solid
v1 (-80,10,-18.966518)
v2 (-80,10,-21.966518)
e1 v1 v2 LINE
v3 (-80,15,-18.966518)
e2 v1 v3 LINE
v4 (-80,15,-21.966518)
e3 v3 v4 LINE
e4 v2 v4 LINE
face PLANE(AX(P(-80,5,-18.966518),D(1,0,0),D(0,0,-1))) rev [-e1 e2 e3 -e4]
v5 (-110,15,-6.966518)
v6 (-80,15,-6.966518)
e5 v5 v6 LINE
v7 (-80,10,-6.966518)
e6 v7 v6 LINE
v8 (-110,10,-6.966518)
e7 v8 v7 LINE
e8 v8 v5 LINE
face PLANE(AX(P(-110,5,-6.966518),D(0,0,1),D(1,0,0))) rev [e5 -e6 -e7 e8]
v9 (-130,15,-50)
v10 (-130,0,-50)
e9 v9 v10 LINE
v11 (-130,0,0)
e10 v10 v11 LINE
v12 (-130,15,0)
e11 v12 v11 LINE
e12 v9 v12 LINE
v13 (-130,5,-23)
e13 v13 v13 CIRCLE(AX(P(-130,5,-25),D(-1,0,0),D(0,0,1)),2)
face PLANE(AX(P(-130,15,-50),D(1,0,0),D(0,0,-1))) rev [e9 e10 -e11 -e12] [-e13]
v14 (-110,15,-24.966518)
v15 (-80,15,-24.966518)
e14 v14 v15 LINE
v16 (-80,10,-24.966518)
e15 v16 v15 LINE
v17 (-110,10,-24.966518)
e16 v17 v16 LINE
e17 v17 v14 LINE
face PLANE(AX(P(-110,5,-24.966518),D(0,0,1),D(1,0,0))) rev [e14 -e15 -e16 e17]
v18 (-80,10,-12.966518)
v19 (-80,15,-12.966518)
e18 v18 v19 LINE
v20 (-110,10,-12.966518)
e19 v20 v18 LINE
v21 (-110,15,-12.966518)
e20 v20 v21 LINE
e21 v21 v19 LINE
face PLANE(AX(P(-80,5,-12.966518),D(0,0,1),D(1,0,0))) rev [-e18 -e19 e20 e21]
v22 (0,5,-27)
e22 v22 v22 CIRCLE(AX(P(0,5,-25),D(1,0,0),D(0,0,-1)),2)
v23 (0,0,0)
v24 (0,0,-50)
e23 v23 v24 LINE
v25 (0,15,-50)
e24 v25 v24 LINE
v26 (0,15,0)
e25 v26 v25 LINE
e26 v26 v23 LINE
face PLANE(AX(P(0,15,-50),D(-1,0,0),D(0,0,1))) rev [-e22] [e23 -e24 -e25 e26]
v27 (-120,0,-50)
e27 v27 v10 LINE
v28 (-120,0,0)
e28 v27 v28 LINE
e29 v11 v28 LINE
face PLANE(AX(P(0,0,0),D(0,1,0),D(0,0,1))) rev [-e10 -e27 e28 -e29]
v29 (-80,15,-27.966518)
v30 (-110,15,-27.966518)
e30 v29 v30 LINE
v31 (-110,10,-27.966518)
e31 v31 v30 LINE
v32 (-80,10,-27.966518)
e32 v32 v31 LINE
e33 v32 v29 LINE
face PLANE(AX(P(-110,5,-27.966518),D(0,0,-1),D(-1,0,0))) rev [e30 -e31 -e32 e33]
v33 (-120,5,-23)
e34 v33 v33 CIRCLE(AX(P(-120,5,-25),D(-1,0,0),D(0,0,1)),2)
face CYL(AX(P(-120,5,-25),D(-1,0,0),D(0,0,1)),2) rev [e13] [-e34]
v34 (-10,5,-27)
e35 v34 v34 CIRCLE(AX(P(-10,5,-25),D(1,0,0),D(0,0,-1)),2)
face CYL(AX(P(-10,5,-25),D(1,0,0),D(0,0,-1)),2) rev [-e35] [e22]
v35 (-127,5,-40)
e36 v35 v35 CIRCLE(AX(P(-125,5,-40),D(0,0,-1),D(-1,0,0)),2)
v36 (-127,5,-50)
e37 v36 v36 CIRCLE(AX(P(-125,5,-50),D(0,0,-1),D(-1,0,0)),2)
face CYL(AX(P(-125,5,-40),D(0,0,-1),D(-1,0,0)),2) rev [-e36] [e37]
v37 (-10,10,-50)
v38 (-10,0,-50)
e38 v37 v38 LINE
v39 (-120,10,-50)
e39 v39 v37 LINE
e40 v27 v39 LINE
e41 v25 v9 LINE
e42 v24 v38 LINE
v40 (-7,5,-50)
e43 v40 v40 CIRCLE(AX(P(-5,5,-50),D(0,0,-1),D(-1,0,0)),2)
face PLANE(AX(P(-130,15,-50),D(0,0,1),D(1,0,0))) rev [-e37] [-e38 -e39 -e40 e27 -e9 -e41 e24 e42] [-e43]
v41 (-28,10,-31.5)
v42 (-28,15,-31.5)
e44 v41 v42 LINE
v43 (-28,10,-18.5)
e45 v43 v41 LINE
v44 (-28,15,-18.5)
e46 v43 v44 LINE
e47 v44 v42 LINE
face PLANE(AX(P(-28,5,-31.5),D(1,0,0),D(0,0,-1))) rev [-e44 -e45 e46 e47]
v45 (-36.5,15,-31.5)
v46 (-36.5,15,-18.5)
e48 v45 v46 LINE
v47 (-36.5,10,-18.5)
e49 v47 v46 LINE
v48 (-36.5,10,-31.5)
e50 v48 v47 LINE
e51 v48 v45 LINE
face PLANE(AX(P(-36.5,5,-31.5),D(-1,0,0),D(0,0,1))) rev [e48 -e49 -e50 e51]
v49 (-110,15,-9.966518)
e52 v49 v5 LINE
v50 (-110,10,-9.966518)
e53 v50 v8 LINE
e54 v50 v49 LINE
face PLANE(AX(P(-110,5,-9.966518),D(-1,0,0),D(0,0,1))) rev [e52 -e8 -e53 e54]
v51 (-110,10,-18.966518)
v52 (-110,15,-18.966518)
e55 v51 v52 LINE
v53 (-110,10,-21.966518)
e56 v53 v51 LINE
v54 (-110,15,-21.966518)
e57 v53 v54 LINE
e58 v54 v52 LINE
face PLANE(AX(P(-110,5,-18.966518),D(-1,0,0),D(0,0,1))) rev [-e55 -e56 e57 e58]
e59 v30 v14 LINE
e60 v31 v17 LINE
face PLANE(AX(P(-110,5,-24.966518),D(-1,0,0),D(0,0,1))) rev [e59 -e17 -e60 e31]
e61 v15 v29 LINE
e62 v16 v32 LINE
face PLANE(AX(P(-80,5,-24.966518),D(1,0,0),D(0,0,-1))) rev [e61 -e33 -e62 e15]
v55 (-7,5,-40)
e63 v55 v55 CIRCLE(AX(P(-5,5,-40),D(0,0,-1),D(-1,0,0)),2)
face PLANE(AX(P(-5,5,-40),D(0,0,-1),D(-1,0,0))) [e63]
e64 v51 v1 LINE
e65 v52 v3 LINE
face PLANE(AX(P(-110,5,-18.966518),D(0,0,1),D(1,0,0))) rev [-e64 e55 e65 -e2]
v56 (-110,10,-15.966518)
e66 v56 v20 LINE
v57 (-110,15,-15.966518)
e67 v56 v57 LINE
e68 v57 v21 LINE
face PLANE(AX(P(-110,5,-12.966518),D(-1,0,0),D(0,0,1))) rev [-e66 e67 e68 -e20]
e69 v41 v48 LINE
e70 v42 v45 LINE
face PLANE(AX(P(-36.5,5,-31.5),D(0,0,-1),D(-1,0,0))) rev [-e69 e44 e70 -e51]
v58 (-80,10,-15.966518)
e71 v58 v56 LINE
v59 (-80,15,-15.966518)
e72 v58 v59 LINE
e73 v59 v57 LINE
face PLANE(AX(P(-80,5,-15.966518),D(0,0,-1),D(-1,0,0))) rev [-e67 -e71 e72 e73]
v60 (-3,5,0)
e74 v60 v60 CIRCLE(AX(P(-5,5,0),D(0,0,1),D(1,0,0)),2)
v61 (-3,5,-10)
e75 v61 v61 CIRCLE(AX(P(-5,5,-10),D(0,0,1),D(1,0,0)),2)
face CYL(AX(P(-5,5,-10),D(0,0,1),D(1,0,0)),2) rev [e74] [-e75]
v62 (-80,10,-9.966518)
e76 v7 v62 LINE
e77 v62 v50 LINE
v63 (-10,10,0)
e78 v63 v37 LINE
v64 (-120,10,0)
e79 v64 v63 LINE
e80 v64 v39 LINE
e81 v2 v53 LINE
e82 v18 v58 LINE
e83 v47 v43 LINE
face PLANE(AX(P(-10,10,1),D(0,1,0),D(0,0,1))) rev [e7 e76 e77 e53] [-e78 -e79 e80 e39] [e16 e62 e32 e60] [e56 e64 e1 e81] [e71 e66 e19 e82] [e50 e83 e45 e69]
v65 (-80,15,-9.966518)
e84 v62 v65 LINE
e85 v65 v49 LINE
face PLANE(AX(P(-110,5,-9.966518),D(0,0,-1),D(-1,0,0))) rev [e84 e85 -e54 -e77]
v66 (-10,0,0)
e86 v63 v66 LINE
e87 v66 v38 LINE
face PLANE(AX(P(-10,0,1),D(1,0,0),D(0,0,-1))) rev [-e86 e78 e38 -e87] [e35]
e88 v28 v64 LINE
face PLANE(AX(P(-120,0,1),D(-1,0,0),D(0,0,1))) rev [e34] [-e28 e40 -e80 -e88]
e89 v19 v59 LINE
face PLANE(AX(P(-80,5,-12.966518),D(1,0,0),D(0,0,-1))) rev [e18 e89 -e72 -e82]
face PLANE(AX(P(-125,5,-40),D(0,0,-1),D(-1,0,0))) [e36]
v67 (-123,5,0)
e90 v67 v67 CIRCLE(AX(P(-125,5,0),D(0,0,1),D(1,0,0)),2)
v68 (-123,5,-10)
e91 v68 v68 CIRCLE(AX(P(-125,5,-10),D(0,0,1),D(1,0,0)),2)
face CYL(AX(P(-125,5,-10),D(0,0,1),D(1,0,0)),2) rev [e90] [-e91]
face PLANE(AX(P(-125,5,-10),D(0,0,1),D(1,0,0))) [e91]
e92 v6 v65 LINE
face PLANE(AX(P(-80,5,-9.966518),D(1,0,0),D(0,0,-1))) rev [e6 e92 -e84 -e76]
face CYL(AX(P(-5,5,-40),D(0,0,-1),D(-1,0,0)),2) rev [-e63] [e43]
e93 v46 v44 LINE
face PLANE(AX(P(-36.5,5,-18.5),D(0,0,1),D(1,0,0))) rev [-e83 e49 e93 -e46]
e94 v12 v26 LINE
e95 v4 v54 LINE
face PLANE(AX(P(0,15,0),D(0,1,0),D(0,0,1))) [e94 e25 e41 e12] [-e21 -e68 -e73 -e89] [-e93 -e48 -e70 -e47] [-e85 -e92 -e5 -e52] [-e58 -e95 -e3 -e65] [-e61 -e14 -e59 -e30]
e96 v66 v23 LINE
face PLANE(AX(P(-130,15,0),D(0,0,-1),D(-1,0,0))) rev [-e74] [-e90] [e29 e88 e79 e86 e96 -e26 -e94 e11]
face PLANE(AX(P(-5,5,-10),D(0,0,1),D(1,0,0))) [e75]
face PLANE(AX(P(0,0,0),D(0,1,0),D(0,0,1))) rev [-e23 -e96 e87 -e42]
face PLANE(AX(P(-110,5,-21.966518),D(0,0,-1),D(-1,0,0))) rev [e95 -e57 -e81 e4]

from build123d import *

# Parameters (mm, degrees)
ESBO_O1_W                = 130
ESBO_O1_H                = 50
RESSALTO_EXTRUS_O1_DEPTH = 15
ESBO_O2_W                = 110
ESBO_O2_H                = 10
CORTE_EXTRUS_O1_DEPTH    = 51
ESBO_O12_R               = 2
CORTE_EXTRUS_O8_DEPTH    = 10
CORTE_EXTRUS_O9_START    = -10
ESBO_O14_R               = 2
CORTE_EXTRUS_O9_DEPTH    = 10
ESBO_O7_R                = 2
CORTE_EXTRUS_O11_DEPTH   = 10
CORTE_EXTRUS_O12_START   = -10
ESBO_O6_R                = 2
CORTE_EXTRUS_O12_DEPTH   = 10
ESBO_O23_W               = 8.5
ESBO_O23_H               = 13
CORTE_EXTRUS_O13_DEPTH   = 10
ESBO_O20_W               = 30
ESBO_O20_H               = 3
CORTE_EXTRUS_O14_DEPTH   = 10


with BuildPart() as part:
    # Esboço1 → Ressalto-extrusão1 (new body)
    with BuildSketch(Plane(origin=(0, 0, 0), x_dir=(1, 0, 0), z_dir=(0, 1, 0))):
        with Locations((-65, 25)):
            Rectangle(ESBO_O1_W, ESBO_O1_H)
    extrude(amount=RESSALTO_EXTRUS_O1_DEPTH)

    # Esboço2 → Corte-extrusão1 (cut)
    with BuildSketch(Plane(origin=(0, 0, -50), x_dir=(-1, 0, 0), z_dir=(0, 0, -1))):
        with Locations((65, 5)):
            Rectangle(ESBO_O2_W, ESBO_O2_H)
    extrude(amount=-CORTE_EXTRUS_O1_DEPTH, mode=Mode.SUBTRACT)

    # Esboço12 → Corte-extrusão8 (cut)
    with BuildSketch(Plane(origin=(0, 0, 0), x_dir=(0, 0, -1), z_dir=(1, 0, 0))):
        with Locations((25, 5)):
            Circle(ESBO_O12_R)
    extrude(amount=-CORTE_EXTRUS_O8_DEPTH, mode=Mode.SUBTRACT)

    # Esboço14 → Corte-extrusão9 (cut)
    with BuildSketch(Plane.ZY.offset(130).offset(CORTE_EXTRUS_O9_START)):
        with Locations(Location((-25, 5, 0), (0, 0, 180))):
            Circle(ESBO_O14_R)
    extrude(amount=CORTE_EXTRUS_O9_DEPTH, mode=Mode.SUBTRACT)

    # Esboço7 → Corte-extrusão11 (cut)
    with BuildSketch(Plane.XY):
        with Locations((-5, 5)):
            Circle(ESBO_O7_R)
        with Locations((-125, 5)):
            Circle(ESBO_O7_R)
    extrude(amount=-CORTE_EXTRUS_O11_DEPTH, mode=Mode.SUBTRACT)

    # Esboço6 → Corte-extrusão12 (cut)
    with BuildSketch(Plane(origin=(0, 0, -50), x_dir=(-1, 0, 0), z_dir=(0, 0, -1)).offset(CORTE_EXTRUS_O12_START)):
        with Locations(Location((5, 5, 0), (0, 0, 180))):
            Circle(ESBO_O6_R)
        with Locations(Location((125, 5, 0), (0, 0, 180))):
            Circle(ESBO_O6_R)
    extrude(amount=CORTE_EXTRUS_O12_DEPTH, mode=Mode.SUBTRACT)

    # Esboço23 → Corte-extrusão13 (cut)
    with BuildSketch(Plane(origin=(0, 15, 0), x_dir=(1, 0, 0), z_dir=(0, 1, 0))):
        with Locations((-32.25, 25)):
            Rectangle(ESBO_O23_W, ESBO_O23_H)
    extrude(amount=-CORTE_EXTRUS_O13_DEPTH, mode=Mode.SUBTRACT)

    # Esboço20 → Corte-extrusão14 (cut)
    with BuildSketch(Plane(origin=(0, 15, 0), x_dir=(1, 0, 0), z_dir=(0, 1, 0))):
        with Locations((-95, 20.466517667)):
            Rectangle(ESBO_O20_W, ESBO_O20_H)
        with Locations((-95, 8.466517667)):
            Rectangle(ESBO_O20_W, ESBO_O20_H)
        with Locations((-95, 26.466517667)):
            Rectangle(ESBO_O20_W, ESBO_O20_H)
        with Locations((-95, 14.466517667)):
            Rectangle(ESBO_O20_W, ESBO_O20_H)
    extrude(amount=-CORTE_EXTRUS_O14_DEPTH, mode=Mode.SUBTRACT)


solid = part.part
